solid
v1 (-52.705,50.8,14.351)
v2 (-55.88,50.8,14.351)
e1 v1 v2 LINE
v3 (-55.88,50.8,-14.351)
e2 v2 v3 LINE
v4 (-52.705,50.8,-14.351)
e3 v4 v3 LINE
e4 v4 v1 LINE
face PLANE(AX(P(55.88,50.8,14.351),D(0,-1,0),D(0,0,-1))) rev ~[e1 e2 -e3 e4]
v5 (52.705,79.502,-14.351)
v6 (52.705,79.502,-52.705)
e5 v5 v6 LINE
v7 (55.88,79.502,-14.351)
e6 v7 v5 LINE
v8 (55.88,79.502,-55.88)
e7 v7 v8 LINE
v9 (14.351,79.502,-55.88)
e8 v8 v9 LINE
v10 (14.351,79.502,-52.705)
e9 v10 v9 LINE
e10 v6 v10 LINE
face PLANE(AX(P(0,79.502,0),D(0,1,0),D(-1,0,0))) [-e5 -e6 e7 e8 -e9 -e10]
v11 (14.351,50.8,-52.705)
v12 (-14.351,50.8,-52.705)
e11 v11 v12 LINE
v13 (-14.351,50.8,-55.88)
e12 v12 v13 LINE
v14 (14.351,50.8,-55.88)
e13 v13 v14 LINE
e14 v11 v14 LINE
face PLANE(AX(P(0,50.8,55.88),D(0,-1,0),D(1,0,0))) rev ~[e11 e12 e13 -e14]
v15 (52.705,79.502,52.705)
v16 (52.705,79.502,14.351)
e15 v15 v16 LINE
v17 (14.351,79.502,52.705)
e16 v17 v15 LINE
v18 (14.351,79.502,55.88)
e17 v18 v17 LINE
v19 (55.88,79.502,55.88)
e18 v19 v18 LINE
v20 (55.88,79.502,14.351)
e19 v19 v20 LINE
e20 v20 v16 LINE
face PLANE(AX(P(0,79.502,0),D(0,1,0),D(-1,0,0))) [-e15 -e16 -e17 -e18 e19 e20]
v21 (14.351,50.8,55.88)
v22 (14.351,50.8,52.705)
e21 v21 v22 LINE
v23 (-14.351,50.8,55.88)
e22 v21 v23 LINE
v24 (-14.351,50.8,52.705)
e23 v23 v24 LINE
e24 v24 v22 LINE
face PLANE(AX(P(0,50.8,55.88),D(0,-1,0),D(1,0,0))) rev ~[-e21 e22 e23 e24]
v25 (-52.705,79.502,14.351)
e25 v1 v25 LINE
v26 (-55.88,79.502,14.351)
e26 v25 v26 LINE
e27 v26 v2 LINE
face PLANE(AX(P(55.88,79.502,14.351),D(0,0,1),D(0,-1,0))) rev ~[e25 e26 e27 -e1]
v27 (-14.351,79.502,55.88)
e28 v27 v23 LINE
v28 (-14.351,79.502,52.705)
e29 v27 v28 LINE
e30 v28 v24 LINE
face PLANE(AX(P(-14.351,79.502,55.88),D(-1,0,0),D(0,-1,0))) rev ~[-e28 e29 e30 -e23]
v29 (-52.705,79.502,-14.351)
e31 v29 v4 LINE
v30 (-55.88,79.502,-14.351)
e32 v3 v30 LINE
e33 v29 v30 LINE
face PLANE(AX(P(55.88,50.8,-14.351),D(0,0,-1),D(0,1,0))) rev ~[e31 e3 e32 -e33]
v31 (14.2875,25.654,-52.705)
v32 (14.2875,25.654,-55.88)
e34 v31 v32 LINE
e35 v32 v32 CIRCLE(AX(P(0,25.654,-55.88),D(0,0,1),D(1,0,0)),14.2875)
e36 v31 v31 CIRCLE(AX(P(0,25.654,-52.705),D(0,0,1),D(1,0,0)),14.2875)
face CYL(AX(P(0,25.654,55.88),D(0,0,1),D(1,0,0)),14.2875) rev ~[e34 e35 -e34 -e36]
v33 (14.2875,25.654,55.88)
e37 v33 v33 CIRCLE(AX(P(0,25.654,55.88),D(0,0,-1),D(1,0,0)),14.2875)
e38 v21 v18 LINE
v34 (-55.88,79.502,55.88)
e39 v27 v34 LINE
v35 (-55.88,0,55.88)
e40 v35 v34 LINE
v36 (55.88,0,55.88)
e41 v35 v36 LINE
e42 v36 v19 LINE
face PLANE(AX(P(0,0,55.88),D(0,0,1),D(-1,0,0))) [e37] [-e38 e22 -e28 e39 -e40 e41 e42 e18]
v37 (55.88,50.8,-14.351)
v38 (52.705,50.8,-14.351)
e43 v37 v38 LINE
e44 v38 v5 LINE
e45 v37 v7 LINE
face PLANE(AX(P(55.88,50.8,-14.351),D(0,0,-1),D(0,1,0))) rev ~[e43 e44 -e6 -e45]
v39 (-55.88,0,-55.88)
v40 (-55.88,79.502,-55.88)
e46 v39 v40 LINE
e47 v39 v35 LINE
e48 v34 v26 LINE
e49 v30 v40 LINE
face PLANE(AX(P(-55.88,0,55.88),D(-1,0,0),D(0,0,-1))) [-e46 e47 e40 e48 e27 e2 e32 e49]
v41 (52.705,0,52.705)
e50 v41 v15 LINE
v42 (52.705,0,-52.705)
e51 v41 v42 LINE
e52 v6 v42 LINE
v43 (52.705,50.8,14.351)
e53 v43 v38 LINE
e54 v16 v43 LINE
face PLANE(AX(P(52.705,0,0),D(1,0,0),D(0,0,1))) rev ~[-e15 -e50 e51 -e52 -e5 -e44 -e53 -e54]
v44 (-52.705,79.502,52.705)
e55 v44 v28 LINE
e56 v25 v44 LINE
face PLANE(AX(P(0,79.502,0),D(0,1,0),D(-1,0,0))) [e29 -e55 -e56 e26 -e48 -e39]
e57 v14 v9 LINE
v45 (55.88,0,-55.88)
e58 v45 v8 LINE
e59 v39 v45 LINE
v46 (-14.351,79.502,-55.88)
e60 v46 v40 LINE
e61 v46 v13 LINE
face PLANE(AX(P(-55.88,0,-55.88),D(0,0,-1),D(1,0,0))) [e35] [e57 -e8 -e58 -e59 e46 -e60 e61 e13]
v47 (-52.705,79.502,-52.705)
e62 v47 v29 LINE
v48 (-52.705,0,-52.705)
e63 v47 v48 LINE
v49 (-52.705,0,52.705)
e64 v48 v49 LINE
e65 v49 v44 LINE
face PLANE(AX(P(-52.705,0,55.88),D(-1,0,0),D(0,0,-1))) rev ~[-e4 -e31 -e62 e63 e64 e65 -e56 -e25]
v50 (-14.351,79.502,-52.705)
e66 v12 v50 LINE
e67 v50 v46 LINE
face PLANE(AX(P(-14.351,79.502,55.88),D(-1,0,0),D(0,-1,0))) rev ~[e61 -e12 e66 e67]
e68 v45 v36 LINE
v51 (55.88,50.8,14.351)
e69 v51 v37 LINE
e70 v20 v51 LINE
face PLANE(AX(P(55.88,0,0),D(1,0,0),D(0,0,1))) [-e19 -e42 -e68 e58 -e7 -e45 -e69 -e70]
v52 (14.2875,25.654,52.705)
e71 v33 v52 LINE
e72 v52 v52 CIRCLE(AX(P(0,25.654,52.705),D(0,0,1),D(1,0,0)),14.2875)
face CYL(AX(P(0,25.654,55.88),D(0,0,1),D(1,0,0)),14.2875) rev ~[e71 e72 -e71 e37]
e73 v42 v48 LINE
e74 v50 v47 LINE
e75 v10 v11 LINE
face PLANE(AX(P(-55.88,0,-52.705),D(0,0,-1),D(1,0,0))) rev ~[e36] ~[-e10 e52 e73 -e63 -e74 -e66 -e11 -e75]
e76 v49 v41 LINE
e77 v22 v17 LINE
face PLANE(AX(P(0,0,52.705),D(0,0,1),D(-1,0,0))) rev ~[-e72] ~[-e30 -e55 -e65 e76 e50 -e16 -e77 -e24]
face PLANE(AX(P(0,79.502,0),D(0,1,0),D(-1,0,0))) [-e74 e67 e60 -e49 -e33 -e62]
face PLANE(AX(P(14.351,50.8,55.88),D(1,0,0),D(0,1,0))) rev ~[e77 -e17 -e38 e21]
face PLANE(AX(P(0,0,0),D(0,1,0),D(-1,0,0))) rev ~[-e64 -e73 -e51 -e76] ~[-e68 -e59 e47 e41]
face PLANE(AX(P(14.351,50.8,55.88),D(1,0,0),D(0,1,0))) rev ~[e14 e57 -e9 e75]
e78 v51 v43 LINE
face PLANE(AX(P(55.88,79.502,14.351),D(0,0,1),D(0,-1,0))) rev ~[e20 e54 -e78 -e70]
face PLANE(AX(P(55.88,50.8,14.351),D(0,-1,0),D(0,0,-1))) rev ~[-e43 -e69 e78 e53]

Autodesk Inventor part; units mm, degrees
ref_plane "YZ Plane" through (0, 0, 0) normal (1, 0, 0) x (0, 1, 0)
ref_plane "XZ Plane" through (0, 0, 0) normal (0, 1, 0) x (-1, 0, 0)
ref_plane "XY Plane" through (0, 0, 0) normal (0, 0, 1) x (1, 0, 0)
sketch "Sketch2" plane through (0, 0, 0) normal (0, 1, 0) x (-1, 0, 0)
  line L0 (55.88, 55.88) -> (55.88, -55.88)
  line L1 (78.232, 0) -> (-78.232, 0) projected
  line L2 (55.88, -55.88) -> (-55.88, -55.88)
  line L3 (-55.88, -55.88) -> (-55.88, 55.88)
  line L4 (-55.88, 55.88) -> (55.88, 55.88)
  line L5 (0, -78.232) -> (0, 78.232) projected
  point P0 (0, 0)
  dimension "d0" = 111.76
  dimension "d1" = 111.76
extrude "Extrusion1" add sketch "Sketch2" along normal blind 79.502
shell "Shell1" thickness 3.175 removed faces 2 at (-18.6267, 0, -18.6267) at (-18.6267, 79.502, -18.6267)
sketch "Sketch3" plane through (-55.88, 0, 55.88) normal (0, 0, 1) x (1, 0, 0)
  line L0 (111.76, 79.502) -> (0, 79.502) projected
  line L1 (0, 79.502) -> (41.529, 79.502)
  line L2 (41.529, 79.502) -> (41.529, 50.8)
  line L3 (41.529, 50.8) -> (70.231, 50.8)
  line L4 (70.231, 50.8) -> (70.231, 79.502)
  line L5 (70.231, 79.502) -> (41.529, 79.502)
  line L6 (108.585, 0) -> (3.175, 0) projected
  circle A0 centre (55.88, 25.654) radius 14.2875
  line L7 (111.76, 0) -> (111.76, 79.502) projected
  line L8 (0, 0) -> (0, 79.502) projected
  line L9 (0, 0) -> (55.88, 0)
  line L10 (55.88, 0) -> (55.88, 79.502)
  dimension "d6" = 28.702
  dimension "d10" = 28.575
  dimension "d19" = 28.702
extrude "Extrusion2" cut sketch "Sketch3" against normal up to surface (111.76 mm away) contours L4 L3 L10 L0 | L10 L3 L2 L0 | L10 A0 | A0 L10
sketch "Sketch4" plane through (55.88, 0, 55.88) normal (1, 0, 0) x (0, 0, -1)
  line L0 (0, 79.502) -> (111.76, 79.502) projected
  line L1 (0, 79.502) -> (41.529, 79.502)
  line L2 (41.529, 79.502) -> (41.529, 50.8)
  line L3 (41.529, 50.8) -> (70.231, 50.8)
  line L4 (70.231, 50.8) -> (70.231, 79.502)
  line L5 (70.231, 79.502) -> (41.529, 79.502)
  point P0 (55.88, 0)
  dimension "d13" = 41.529
  dimension "d14" = 28.702
  dimension "d15" = 28.702
extrude "Extrusion3" cut sketch "Sketch4" against normal up to surface (111.76 mm away)
properties part number "DIFF_HOUSING_WIP"
